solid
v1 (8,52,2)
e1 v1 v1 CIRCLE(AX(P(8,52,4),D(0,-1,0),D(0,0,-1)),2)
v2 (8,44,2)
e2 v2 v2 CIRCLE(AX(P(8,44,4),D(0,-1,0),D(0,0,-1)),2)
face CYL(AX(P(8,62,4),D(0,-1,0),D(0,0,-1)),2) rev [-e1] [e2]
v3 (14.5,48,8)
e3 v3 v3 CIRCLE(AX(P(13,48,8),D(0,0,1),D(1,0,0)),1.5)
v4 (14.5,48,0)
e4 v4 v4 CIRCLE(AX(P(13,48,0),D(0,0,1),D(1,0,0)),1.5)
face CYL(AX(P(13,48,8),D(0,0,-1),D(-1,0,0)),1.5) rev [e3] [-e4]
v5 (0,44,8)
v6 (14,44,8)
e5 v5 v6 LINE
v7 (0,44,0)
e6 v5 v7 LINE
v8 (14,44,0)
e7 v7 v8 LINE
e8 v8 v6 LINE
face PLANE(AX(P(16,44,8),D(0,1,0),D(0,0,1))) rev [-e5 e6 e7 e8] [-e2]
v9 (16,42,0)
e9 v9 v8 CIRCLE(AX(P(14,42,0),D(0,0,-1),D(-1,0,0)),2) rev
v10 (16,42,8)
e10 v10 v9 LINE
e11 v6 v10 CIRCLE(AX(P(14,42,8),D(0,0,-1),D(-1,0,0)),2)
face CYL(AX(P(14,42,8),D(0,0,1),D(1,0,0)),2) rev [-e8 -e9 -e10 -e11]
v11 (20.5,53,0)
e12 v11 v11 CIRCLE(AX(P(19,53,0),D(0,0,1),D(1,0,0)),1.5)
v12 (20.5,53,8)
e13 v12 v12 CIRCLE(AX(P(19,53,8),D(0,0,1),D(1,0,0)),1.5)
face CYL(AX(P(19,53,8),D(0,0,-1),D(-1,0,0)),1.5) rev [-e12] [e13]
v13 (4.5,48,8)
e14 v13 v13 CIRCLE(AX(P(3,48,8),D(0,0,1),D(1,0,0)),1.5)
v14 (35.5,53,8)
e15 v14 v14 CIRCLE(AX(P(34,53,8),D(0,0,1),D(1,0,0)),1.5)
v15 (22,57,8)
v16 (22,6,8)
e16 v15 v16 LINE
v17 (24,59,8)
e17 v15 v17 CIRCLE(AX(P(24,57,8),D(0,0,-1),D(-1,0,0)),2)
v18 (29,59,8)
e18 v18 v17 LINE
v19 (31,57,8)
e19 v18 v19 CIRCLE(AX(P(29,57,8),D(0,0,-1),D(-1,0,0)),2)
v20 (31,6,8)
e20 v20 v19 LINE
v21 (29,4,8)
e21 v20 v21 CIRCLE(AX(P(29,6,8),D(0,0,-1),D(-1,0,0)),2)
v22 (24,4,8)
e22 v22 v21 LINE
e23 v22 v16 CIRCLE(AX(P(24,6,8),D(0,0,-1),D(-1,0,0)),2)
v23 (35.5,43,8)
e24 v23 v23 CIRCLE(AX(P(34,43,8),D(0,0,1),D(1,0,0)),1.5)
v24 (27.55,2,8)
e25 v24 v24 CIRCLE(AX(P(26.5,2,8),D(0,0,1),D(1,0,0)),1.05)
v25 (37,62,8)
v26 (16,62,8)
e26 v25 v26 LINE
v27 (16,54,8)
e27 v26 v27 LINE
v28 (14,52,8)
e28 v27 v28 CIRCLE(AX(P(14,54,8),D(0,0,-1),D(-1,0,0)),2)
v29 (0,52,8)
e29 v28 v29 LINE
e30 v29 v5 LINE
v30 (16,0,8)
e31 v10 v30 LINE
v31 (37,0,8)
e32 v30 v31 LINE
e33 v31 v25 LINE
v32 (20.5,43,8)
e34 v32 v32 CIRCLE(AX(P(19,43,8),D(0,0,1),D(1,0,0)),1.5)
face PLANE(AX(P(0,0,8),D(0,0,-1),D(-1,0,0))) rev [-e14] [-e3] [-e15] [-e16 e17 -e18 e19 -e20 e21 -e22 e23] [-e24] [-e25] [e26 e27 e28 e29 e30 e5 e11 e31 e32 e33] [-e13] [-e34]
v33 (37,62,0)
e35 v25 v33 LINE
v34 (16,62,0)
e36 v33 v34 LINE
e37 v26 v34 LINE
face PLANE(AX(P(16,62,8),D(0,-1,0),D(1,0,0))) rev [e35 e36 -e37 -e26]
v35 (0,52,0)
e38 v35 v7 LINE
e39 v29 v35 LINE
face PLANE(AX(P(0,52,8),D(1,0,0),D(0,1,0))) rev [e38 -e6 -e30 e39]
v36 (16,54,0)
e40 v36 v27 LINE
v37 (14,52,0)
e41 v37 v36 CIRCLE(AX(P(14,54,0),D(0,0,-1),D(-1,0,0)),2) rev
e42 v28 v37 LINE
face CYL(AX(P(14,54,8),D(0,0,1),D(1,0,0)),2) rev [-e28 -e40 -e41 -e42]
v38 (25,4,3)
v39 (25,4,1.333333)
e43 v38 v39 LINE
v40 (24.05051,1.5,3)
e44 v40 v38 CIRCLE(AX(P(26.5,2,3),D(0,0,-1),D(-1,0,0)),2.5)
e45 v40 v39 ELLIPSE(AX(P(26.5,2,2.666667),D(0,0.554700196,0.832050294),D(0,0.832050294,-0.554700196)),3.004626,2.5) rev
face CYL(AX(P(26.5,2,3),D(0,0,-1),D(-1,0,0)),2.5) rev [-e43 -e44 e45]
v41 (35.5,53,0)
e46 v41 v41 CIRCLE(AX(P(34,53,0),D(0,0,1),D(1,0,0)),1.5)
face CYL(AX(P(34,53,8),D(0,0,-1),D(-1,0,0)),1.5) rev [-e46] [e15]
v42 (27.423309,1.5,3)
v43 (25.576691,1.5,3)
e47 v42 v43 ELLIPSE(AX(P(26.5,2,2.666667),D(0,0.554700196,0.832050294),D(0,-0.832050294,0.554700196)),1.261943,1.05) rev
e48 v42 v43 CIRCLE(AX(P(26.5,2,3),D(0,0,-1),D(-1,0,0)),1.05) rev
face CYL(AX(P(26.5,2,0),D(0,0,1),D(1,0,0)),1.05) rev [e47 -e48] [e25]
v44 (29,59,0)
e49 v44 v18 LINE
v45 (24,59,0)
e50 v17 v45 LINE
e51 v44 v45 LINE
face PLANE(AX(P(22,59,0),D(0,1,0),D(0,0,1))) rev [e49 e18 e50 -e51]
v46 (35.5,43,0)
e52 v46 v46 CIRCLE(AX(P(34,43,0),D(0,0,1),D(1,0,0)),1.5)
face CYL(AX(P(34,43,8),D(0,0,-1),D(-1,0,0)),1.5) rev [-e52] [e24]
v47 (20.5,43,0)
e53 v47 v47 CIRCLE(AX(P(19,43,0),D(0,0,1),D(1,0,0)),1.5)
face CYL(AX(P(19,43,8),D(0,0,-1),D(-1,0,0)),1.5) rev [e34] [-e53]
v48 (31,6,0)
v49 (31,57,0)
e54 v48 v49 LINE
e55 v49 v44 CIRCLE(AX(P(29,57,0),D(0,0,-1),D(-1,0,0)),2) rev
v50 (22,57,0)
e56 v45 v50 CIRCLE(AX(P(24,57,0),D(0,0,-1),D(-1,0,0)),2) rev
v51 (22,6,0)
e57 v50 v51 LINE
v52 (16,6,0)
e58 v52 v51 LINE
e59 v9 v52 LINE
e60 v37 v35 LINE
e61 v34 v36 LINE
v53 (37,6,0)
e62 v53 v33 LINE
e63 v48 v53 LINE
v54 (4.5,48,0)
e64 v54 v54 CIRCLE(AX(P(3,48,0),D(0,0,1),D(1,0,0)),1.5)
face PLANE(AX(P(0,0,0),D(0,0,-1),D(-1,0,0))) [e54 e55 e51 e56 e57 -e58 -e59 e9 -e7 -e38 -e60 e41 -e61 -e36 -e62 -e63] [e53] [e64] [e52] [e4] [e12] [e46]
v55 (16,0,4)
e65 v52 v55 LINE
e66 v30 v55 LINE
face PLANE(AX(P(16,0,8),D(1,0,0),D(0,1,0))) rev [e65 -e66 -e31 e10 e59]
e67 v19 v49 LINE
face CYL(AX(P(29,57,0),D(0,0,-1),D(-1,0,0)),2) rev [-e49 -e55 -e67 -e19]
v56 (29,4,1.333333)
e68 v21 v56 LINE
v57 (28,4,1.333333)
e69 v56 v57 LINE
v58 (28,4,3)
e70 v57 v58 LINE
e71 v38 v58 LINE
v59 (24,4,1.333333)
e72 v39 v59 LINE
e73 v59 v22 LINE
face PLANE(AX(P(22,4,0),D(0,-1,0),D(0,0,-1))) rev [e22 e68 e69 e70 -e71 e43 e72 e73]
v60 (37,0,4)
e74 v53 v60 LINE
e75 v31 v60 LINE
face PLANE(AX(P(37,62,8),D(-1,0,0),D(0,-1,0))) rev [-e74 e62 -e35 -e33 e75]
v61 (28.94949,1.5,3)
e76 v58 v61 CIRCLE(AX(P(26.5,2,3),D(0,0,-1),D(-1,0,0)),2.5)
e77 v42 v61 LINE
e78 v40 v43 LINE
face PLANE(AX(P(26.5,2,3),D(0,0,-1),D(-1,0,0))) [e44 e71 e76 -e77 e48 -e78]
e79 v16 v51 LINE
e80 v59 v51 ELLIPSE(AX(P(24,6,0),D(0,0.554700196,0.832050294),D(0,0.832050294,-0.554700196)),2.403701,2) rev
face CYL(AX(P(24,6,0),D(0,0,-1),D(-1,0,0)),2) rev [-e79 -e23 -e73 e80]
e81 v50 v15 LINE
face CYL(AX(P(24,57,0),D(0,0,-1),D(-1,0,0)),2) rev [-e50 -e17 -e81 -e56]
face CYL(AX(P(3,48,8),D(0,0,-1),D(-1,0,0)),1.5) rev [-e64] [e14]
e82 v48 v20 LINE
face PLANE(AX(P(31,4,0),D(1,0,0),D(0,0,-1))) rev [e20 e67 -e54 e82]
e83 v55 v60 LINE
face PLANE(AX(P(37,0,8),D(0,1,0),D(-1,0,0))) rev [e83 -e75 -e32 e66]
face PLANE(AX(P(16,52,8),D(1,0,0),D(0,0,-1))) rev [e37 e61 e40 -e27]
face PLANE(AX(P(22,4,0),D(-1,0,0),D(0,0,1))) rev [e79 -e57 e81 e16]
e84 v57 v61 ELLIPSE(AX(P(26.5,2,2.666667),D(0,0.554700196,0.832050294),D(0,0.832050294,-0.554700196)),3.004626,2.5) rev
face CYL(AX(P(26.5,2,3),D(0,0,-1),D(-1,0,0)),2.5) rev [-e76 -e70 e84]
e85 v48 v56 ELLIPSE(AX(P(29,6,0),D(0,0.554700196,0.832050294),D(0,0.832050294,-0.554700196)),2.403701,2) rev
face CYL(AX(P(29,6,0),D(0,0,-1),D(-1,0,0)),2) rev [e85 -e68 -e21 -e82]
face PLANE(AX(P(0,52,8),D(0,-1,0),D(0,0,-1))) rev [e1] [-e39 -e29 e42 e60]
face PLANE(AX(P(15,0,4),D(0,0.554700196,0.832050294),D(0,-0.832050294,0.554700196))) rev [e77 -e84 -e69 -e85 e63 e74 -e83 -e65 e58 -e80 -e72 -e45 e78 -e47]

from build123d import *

# Parameters (mm, degrees)
SKETCH_1_R          = 1.5
EXTRUDE_1_DEPTH     = 8
FILLET_1_R          = 2
SKETCH_2_W          = 9
SKETCH_2_H          = 55
CUT_EXTRUDE_1_DEPTH = 73.642962495
FILLET_2_R          = 2
SKETCH_3_R          = 2
CUT_EXTRUDE_2_DEPTH = 59.043087444
SKETCH_4_R          = 1.05
CUT_EXTRUDE_3_DEPTH = 73.642962495
SKETCH_5_R          = 2.5
CUT_EXTRUDE_4_DEPTH = 3
CUT_EXTRUDE_5_DEPTH = 22


with BuildPart() as part:
    # 草图1 → 凸台-拉伸1 (new body)
    with BuildSketch(Plane.XY):
        Polygon((37, 62), (37, 0), (16, 0), (16, 44), (0, 44), (0, 52), (16, 52), (16, 62), align=None)
        with Locations((19, 53)):
            Circle(SKETCH_1_R, mode=Mode.SUBTRACT)
        with Locations((34, 53)):
            Circle(SKETCH_1_R, mode=Mode.SUBTRACT)
        with Locations((19, 43)):
            Circle(SKETCH_1_R, mode=Mode.SUBTRACT)
        with Locations((34, 43)):
            Circle(SKETCH_1_R, mode=Mode.SUBTRACT)
        with Locations((3, 48)):
            Circle(SKETCH_1_R, mode=Mode.SUBTRACT)
        with Locations((13, 48)):
            Circle(SKETCH_1_R, mode=Mode.SUBTRACT)
    extrude(amount=EXTRUDE_1_DEPTH)

    # 圆角1
    fillet_1_edges = [part.edges().sort_by_distance(p)[0] for p in [
        (16, 52, 4),
        (16, 44, 4),
    ]]
    fillet(fillet_1_edges, radius=FILLET_1_R)

    # 草图2 → 切除-拉伸1 (cut, through all)
    with BuildSketch(Plane.XY.offset(8)):
        with Locations((26.5, 31.5)):
            Rectangle(SKETCH_2_W, SKETCH_2_H)
    extrude(amount=-CUT_EXTRUDE_1_DEPTH, mode=Mode.SUBTRACT)

    # 圆角2
    fillet_2_edges = [part.edges().sort_by_distance(p)[0] for p in [
        (31, 59, 4),
        (31, 4, 4),
        (22, 4, 4),
        (22, 59, 4),
    ]]
    fillet(fillet_2_edges, radius=FILLET_2_R)

    # 草图3 → 切除-拉伸2 (cut, through all)
    with BuildSketch(Plane.XZ.offset(-44)):
        with Locations(Location((8, 4, 0), (0, 0, 270))):
            Circle(SKETCH_3_R)
    extrude(amount=-CUT_EXTRUDE_2_DEPTH, mode=Mode.SUBTRACT)

    # 草图4 → 切除-拉伸3 (cut, through all)
    with BuildSketch(Plane.XY.offset(8)):
        with Locations((26.5, 2)):
            Circle(SKETCH_4_R)
    extrude(amount=-CUT_EXTRUDE_3_DEPTH, mode=Mode.SUBTRACT)

    # 草图5 → 切除-拉伸4 (cut)
    with BuildSketch(Plane(origin=(0, 0, 0), x_dir=(-1, 0, 0), z_dir=(0, 0, -1))):
        with Locations((-26.5, 2)):
            Circle(SKETCH_5_R)
    extrude(amount=-CUT_EXTRUDE_4_DEPTH, mode=Mode.SUBTRACT)

    # 草图6 → 切除-拉伸5 (cut)
    with BuildSketch(Plane(origin=(37, 0, 0), x_dir=(0, 0, -1), z_dir=(1, 0, 0))):
        Polygon((-4, 0), (0, 6), (0, 0), align=None)
    extrude(amount=-CUT_EXTRUDE_5_DEPTH, mode=Mode.SUBTRACT)


solid = part.part
